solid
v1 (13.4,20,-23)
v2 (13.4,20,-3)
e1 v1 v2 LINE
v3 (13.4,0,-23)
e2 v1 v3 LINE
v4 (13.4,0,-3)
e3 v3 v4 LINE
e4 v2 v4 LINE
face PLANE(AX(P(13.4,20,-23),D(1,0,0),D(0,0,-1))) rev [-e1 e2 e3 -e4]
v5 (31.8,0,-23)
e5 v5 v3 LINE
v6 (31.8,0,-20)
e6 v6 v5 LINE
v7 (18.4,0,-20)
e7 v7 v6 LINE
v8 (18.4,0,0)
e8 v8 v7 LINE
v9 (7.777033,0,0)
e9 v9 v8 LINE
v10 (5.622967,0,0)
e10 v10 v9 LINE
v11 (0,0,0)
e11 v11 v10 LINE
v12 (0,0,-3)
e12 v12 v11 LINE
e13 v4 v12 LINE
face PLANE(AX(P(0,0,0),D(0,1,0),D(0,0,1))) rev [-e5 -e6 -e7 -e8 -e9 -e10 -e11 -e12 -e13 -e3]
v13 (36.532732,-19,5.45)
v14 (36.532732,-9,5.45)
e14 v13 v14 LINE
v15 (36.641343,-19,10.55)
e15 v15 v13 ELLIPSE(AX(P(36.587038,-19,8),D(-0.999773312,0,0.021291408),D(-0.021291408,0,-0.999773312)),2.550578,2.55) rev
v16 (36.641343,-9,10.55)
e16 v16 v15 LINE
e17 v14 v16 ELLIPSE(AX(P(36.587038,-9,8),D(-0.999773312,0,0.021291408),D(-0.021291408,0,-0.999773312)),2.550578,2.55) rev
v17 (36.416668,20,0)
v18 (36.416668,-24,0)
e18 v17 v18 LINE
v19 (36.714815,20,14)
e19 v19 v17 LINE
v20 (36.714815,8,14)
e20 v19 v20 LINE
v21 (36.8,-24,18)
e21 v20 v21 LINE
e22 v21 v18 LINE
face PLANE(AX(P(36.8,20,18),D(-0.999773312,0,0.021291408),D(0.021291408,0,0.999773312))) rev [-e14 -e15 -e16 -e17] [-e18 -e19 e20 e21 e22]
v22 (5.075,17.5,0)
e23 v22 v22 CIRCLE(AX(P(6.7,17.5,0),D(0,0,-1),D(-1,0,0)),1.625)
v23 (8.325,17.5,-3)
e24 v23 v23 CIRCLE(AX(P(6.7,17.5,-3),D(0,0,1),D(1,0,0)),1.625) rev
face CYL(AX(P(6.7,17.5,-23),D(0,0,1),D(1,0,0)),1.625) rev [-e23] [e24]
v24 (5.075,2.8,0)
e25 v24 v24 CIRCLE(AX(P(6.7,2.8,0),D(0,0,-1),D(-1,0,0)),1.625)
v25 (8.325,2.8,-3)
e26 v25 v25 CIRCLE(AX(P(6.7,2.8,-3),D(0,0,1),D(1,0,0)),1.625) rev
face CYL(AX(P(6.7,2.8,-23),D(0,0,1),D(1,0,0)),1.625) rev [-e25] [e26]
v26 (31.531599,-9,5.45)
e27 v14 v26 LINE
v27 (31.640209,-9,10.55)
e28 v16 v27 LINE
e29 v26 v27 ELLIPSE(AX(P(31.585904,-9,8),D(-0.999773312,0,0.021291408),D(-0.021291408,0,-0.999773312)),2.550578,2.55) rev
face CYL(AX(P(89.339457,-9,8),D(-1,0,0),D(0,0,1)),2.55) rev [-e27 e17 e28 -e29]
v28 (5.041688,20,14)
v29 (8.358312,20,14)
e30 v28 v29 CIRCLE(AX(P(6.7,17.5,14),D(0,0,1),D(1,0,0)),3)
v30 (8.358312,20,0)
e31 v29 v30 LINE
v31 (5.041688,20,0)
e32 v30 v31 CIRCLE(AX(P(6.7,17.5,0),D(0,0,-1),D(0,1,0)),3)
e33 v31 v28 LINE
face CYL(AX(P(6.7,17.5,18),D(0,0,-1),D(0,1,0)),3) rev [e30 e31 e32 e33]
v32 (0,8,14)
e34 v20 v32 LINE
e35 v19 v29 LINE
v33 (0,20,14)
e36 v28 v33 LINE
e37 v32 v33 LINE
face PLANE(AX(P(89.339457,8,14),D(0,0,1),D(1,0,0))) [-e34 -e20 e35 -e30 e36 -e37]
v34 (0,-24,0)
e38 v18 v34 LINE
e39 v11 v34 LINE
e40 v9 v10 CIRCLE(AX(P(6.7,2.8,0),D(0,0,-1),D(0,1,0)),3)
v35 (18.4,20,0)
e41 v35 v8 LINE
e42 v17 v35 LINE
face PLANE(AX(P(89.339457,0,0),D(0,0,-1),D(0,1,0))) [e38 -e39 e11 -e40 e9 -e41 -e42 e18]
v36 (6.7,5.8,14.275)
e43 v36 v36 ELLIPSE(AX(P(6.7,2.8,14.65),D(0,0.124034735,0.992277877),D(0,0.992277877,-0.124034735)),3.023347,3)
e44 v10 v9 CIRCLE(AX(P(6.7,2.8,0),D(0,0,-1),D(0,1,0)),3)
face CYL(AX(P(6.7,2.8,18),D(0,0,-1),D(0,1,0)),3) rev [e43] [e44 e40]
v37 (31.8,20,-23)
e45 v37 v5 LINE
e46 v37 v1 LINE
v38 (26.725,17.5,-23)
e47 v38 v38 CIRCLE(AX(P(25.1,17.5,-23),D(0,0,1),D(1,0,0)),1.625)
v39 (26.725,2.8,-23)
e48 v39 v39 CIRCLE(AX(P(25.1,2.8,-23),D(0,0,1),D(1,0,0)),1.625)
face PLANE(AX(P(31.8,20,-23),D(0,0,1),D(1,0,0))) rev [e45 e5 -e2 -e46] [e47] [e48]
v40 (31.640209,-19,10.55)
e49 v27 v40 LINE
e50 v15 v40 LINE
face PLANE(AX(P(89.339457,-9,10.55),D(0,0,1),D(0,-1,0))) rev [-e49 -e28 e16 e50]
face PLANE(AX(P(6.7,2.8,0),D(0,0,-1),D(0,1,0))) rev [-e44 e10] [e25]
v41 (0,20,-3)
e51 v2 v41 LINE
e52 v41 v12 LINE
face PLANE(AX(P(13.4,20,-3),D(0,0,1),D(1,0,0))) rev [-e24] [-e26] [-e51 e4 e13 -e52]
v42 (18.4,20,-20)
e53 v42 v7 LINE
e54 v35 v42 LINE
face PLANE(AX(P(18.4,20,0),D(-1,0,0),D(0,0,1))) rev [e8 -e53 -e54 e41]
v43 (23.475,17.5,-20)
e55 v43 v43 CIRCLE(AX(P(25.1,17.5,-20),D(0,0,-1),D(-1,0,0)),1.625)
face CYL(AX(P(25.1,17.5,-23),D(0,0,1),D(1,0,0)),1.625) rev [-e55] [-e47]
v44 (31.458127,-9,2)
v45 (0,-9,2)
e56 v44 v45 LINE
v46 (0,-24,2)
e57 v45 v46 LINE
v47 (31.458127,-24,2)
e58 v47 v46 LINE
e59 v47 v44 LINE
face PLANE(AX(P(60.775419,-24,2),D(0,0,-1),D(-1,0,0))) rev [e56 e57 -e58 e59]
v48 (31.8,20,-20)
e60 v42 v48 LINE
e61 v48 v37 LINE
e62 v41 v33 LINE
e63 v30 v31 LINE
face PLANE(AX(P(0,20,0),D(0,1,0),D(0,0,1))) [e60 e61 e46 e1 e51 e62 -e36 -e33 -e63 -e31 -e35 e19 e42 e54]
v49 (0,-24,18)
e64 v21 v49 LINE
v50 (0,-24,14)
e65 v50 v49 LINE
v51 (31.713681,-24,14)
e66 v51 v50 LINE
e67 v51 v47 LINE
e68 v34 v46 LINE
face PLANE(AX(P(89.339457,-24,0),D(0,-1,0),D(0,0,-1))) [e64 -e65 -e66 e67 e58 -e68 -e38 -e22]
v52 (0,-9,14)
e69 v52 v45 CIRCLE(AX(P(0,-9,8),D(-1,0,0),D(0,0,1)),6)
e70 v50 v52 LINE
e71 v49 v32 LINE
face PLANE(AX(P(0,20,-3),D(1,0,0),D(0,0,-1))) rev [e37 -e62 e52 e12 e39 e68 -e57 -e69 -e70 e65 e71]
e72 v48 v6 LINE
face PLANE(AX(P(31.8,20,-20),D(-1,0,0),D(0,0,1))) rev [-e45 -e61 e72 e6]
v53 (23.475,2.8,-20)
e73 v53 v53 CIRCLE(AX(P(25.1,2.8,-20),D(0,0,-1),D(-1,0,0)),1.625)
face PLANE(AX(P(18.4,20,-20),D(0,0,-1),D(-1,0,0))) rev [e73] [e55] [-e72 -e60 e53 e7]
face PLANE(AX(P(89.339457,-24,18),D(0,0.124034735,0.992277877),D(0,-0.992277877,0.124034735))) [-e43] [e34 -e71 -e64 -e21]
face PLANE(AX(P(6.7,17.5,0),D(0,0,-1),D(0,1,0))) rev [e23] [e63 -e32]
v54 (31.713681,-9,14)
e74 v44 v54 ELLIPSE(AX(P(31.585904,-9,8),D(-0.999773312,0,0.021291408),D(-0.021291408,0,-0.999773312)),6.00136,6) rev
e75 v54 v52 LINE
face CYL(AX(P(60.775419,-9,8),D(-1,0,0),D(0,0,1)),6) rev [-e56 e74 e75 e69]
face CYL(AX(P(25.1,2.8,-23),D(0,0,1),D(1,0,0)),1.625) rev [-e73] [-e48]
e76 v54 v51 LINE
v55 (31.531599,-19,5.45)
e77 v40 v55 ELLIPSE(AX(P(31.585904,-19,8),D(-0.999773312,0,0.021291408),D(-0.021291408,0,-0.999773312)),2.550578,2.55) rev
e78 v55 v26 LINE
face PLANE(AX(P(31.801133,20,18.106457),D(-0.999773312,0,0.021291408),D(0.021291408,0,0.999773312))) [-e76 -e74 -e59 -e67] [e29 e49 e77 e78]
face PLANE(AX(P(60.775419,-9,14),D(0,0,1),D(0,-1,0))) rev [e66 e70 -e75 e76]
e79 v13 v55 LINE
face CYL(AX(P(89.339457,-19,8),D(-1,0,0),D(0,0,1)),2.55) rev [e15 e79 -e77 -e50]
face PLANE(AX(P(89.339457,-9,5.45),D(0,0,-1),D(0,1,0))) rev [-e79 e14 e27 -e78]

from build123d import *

# Parameters (mm, degrees)
BOSS_EXTRUDE1_DEPTH              = 20
CUT_EXTRUDE1_START               = -4
SKETCH2_R                        = 1.625
CUT_EXTRUDE1_DEPTH               = 25
BOSS_EXTRUDE2_DEPTH              = 36.8
CUT_EXTRUDE2_DEPTH               = 45
CUT_EXTRUDE3_REACH               = 43.8
CUT_EXTRUDE3_OFFSET_FROM_SURFACE = 5
SKETCH6_R                        = 3
CUT_EXTRUDE4_DEPTH               = 19


with BuildPart() as part:
    # Sketch1 → Boss-Extrude1 (new body)
    with BuildSketch(Plane(origin=(0, 0, 0), x_dir=(1, 0, 0), z_dir=(0, 1, 0))):
        Polygon((0, 0), (18.4, 0), (18.4, 20), (31.8, 20), (31.8, 23), (13.4, 23), (13.4, 3), (0, 3), align=None)
    extrude(amount=BOSS_EXTRUDE1_DEPTH)

    # Sketch2 → Cut-Extrude1 (cut)
    with BuildSketch(Plane.XY.offset(-20).offset(CUT_EXTRUDE1_START)):
        with Locations((25.1, 2.8)):
            Circle(SKETCH2_R)
        with Locations((25.1, 17.5)):
            Circle(SKETCH2_R)
    cut_extrude1 = extrude(amount=CUT_EXTRUDE1_DEPTH, mode=Mode.SUBTRACT)

    # Mirror1: Cut-Extrude1 across plane
    add(cut_extrude1.mirror(Plane.ZY.offset(-15.9)), mode=Mode.SUBTRACT)

    # Sketch3 → Boss-Extrude2 (add)
    with BuildSketch(Plane.ZY):
        Polygon((0, 0), (0, -24), (18, -24), (14, 8), (14, 20), (0, 20), align=None)
        with BuildLine():
            Line((10.55, -9), (10.55, -19))
            ThreePointArc((10.55, -19), (8, -21.55), (5.45, -19))
            Line((5.45, -19), (5.45, -9))
            ThreePointArc((5.45, -9), (8, -6.45), (10.55, -9))
        make_face(mode=Mode.SUBTRACT)
    extrude(amount=-BOSS_EXTRUDE2_DEPTH)

    # Sketch4 → Cut-Extrude2 (cut, through all)
    with BuildSketch(Plane.XZ.offset(24)):
        Polygon((36.8, 18), (36.416667761, 0), (36.8, 0), align=None)
    extrude(amount=-CUT_EXTRUDE2_DEPTH, mode=Mode.SUBTRACT)

    # Cut-Extrude3: up to this face of the body (flat: up to its plane, moved by the offset)
    cut_extrude3_end = Plane(part.part.faces().sort_by_distance((36.581905222, -1.783418912, 7.75899858))[0]).offset(-CUT_EXTRUDE3_OFFSET_FROM_SURFACE)
    # Sketch5 → Cut-Extrude3 (cut, up to the picked face)
    with BuildSketch(Plane.ZY, mode=Mode.PRIVATE) as cut_extrude3_sk1:
        with BuildLine():
            Line((14, -9), (14, -24))
            Line((14, -24), (2, -24))
            Line((2, -24), (2, -9))
            ThreePointArc((2, -9), (8, -3), (14, -9))
        make_face()
    cut_extrude3_tool1 = split(extrude(cut_extrude3_sk1.sketch, amount=-CUT_EXTRUDE3_REACH, mode=Mode.PRIVATE), bisect_by=cut_extrude3_end, keep=Keep.BOTH, mode=Mode.PRIVATE)
    add(cut_extrude3_tool1.solids().sort_by_distance((0, -14.098317, 8))[0], mode=Mode.SUBTRACT)

    # Sketch6 → Cut-Extrude4 (cut, through all)
    with BuildSketch(Plane(origin=(0, 0, 0), x_dir=(-1, 0, 0), z_dir=(0, 0, -1))):
        with Locations((-6.7, 2.8)):
            Circle(SKETCH6_R)
        with Locations((-6.7, 17.5)):
            Circle(SKETCH6_R)
    extrude(amount=-CUT_EXTRUDE4_DEPTH, mode=Mode.SUBTRACT)


solid = part.part
